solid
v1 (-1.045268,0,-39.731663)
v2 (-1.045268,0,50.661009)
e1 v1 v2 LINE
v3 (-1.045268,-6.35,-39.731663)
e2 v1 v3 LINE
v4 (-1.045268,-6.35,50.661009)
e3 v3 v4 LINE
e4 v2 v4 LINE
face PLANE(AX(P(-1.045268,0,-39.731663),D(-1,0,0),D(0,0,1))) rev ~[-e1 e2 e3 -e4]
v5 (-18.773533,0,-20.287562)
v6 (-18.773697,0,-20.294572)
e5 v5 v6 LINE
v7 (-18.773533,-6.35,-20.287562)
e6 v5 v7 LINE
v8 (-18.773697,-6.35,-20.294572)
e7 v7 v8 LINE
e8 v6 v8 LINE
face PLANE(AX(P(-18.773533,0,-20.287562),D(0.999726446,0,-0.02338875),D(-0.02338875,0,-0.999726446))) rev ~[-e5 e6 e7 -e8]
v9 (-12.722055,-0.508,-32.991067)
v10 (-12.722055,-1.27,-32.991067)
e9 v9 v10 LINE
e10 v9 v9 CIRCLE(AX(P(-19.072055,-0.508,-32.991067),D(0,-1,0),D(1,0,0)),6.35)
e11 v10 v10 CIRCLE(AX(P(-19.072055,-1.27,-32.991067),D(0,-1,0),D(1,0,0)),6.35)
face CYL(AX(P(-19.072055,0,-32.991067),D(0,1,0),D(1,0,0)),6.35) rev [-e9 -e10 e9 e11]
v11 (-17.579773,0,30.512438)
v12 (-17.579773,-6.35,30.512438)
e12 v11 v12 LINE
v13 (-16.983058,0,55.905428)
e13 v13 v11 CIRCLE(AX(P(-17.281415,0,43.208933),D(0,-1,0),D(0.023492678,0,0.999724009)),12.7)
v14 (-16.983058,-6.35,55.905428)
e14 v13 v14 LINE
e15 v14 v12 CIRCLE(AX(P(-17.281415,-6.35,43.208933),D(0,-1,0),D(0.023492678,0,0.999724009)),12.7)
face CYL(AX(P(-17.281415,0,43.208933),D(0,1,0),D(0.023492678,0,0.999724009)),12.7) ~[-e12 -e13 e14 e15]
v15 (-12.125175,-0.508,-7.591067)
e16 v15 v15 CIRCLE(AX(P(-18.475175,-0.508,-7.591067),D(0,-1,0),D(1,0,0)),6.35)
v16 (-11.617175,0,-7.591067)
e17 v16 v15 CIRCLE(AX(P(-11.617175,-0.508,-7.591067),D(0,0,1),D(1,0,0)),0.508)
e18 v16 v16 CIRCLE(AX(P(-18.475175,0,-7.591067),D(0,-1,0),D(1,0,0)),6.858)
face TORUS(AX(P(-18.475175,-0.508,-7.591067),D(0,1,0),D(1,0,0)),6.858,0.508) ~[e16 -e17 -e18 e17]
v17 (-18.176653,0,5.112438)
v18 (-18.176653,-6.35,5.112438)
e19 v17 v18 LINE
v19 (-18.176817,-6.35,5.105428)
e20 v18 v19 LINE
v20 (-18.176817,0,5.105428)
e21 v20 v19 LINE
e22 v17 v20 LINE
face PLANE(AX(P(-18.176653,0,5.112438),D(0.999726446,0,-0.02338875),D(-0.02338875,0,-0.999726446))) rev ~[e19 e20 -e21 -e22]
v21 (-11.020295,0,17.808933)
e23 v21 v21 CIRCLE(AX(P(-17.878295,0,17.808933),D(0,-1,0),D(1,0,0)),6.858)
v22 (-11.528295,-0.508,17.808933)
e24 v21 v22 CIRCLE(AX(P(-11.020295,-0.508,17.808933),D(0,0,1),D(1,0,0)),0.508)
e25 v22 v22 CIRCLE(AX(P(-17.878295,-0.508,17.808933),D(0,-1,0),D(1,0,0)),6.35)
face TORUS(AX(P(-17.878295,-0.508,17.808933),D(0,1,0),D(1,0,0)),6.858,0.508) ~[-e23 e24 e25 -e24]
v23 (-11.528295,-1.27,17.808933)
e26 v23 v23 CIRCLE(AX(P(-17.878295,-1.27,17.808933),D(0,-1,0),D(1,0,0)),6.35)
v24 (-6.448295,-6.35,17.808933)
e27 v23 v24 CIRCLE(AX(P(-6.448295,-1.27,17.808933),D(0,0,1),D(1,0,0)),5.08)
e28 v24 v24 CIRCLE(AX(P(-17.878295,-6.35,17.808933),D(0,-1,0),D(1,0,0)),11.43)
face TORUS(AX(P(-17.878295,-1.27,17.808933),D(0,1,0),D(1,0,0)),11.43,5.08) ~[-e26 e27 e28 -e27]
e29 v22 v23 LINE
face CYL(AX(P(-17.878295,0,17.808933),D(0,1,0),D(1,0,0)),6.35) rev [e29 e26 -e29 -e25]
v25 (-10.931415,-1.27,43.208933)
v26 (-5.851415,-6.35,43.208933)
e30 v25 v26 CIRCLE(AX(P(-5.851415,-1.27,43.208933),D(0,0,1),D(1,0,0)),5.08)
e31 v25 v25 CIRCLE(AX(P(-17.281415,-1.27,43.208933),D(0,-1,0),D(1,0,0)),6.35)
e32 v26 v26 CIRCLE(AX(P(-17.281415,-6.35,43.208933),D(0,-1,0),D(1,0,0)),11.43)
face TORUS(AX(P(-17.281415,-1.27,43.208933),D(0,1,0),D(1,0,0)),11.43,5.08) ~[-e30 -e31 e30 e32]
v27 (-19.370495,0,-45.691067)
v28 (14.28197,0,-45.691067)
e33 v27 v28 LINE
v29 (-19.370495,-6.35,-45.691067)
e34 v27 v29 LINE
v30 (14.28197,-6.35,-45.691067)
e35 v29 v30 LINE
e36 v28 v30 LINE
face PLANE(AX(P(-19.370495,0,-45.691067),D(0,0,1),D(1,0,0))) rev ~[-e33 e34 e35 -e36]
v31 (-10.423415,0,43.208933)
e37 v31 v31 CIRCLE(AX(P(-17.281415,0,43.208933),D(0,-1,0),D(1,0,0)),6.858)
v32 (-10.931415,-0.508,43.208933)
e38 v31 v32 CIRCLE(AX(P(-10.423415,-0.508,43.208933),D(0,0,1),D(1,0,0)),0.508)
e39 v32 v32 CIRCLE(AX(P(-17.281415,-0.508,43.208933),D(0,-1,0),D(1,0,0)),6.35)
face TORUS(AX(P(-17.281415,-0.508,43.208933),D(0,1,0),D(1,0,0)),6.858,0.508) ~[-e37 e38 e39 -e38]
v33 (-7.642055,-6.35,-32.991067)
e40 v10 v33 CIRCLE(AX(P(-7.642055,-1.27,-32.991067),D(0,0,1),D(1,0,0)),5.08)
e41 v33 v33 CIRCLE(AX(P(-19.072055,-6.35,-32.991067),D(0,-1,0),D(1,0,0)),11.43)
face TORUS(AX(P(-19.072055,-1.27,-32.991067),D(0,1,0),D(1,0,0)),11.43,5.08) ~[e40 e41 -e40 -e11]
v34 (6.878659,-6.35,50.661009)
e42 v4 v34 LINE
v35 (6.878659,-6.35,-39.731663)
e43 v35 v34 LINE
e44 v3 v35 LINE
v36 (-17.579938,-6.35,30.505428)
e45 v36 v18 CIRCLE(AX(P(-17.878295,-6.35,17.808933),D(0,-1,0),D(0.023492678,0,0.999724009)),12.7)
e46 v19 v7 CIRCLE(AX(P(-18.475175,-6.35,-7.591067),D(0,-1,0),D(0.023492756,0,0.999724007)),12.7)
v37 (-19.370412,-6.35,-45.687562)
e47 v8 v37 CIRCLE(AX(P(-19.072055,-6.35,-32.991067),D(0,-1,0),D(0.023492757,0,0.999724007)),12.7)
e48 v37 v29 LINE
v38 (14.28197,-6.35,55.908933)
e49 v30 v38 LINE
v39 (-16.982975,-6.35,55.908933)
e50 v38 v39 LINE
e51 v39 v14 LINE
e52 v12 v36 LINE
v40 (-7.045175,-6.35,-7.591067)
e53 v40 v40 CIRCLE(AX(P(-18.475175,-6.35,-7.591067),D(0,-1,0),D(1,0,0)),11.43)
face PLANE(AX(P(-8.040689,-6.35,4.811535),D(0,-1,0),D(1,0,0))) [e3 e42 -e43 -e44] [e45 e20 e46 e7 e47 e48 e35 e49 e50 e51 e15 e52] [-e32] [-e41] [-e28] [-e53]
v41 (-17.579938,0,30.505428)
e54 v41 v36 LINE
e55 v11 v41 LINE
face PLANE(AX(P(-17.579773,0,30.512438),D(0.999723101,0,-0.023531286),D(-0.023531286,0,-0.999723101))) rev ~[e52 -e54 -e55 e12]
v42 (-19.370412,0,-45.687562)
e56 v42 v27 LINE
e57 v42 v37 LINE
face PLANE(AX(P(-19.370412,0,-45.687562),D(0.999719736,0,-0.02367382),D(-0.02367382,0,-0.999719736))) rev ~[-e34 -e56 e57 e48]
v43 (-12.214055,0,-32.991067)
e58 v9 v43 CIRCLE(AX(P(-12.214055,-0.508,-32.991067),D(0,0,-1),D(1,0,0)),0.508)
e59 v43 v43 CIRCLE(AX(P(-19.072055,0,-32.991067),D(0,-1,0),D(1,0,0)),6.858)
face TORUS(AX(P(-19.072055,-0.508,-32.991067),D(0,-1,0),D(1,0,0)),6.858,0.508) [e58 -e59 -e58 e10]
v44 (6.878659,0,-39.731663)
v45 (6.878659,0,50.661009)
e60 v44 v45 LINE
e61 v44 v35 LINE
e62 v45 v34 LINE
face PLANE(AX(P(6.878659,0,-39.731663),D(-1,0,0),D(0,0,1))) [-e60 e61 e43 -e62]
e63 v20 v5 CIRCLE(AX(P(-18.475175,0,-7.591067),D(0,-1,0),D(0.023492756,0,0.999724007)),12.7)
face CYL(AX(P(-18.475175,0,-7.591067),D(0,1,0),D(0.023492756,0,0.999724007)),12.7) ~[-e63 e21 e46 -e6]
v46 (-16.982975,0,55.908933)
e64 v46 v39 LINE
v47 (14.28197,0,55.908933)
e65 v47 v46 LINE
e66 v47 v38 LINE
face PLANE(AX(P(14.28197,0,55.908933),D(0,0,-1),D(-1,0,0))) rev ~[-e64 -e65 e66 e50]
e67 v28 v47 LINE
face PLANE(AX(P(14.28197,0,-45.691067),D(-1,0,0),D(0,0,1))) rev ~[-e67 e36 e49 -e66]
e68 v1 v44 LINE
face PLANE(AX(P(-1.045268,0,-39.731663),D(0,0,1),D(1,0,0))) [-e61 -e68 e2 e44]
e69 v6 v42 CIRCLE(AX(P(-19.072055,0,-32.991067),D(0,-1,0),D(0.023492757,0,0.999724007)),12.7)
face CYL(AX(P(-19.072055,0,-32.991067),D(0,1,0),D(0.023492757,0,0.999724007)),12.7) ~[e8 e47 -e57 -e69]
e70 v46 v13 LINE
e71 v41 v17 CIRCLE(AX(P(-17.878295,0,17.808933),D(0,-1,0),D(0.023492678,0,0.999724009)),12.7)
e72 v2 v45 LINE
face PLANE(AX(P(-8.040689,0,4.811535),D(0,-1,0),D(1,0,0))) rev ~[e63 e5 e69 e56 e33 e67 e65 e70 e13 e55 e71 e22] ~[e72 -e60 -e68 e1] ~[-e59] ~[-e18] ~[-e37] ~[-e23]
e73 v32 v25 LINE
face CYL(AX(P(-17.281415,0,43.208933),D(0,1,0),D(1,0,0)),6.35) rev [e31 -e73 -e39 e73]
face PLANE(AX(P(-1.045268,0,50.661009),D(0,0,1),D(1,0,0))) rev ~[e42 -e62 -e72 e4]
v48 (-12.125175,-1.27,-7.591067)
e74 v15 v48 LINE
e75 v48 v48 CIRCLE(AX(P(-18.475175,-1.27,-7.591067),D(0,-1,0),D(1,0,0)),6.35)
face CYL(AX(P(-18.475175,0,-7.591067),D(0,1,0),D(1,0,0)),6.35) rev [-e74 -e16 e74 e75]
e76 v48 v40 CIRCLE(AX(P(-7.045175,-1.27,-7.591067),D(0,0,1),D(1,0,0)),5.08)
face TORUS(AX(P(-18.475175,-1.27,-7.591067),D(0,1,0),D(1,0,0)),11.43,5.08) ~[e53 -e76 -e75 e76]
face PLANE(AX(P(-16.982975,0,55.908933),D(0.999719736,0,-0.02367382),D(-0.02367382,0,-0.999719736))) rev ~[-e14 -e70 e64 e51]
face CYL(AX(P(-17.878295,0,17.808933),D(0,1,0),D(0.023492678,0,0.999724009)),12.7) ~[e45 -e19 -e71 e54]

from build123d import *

# Parameters (mm, degrees)
F0_R     = 6.35
F0_W     = 7.923927
F0_H     = 90.392672
F1_DEPTH = 6.35
F2_R     = 5.08
F3_R     = 0.508


with BuildPart() as f1:
    # F0 (on Front) → F1 (new body)
    with BuildSketch(Plane.XZ):
        with BuildLine():
            Line((14.28197, -45.691067), (14.28197, 55.908933))
            Line((14.28197, 55.908933), (-16.982975, 55.908933))
            Line((-16.982975, 55.908933), (-16.983058, 55.905428))
            ThreePointArc((-16.983058, 55.905428), (-29.97791, 43.507291), (-17.579773, 30.512438))
            Line((-17.579773, 30.512438), (-17.579938, 30.505428))
            ThreePointArc((-17.579938, 30.505428), (-30.57479, 18.107291), (-18.176653, 5.112438))
            Line((-18.176653, 5.112438), (-18.176817, 5.105428))
            ThreePointArc((-18.176817, 5.105428), (-31.17167, -7.292709), (-18.773533, -20.287562))
            Line((-18.773533, -20.287562), (-18.773697, -20.294572))
            ThreePointArc((-18.773697, -20.294572), (-31.76855, -32.692709), (-19.370412, -45.687562))
            ThreePointArc((-19.370412, -45.687562), (-19.221244, -45.690191), (-19.072055, -45.691067))
            Line((-19.072055, -45.691067), (14.28197, -45.691067))
        make_face()
        with Locations((-19.072055, -32.991067)):
            Circle(F0_R, mode=Mode.SUBTRACT)
        with Locations((-18.475175, -7.591067)):
            Circle(F0_R, mode=Mode.SUBTRACT)
        with Locations((-17.878295, 17.808933)):
            Circle(F0_R, mode=Mode.SUBTRACT)
        with Locations((-17.281415, 43.208933)):
            Circle(F0_R, mode=Mode.SUBTRACT)
        with Locations((2.916695, 5.464673)):
            Rectangle(F0_W, F0_H, mode=Mode.SUBTRACT)
        with BuildLine():
            Line((-19.370495, -45.691067), (-19.072055, -45.691067))
            ThreePointArc((-19.072055, -45.691067), (-19.221244, -45.690191), (-19.370412, -45.687562))
            Line((-19.370412, -45.687562), (-19.370495, -45.691067))
        make_face()
    extrude(amount=F1_DEPTH)

    # F2
    f2_edges = [f1.edges().sort_by_distance(p)[0] for p in [
        (-23.631415, -6.35, 43.208933),
        (-24.228295, -6.35, 17.808933),
        (-24.825175, -6.35, -7.591067),
        (-25.422055, -6.35, -32.991067),
    ]]
    fillet(f2_edges, radius=F2_R)

    # F3
    f3_edges = [f1.edges().sort_by_distance(p)[0] for p in [
        (-25.422055, 0, -32.991067),
        (-24.825175, 0, -7.591067),
        (-24.228295, 0, 17.808933),
        (-23.631415, 0, 43.208933),
    ]]
    fillet(f3_edges, radius=F3_R)


solid = f1.part
